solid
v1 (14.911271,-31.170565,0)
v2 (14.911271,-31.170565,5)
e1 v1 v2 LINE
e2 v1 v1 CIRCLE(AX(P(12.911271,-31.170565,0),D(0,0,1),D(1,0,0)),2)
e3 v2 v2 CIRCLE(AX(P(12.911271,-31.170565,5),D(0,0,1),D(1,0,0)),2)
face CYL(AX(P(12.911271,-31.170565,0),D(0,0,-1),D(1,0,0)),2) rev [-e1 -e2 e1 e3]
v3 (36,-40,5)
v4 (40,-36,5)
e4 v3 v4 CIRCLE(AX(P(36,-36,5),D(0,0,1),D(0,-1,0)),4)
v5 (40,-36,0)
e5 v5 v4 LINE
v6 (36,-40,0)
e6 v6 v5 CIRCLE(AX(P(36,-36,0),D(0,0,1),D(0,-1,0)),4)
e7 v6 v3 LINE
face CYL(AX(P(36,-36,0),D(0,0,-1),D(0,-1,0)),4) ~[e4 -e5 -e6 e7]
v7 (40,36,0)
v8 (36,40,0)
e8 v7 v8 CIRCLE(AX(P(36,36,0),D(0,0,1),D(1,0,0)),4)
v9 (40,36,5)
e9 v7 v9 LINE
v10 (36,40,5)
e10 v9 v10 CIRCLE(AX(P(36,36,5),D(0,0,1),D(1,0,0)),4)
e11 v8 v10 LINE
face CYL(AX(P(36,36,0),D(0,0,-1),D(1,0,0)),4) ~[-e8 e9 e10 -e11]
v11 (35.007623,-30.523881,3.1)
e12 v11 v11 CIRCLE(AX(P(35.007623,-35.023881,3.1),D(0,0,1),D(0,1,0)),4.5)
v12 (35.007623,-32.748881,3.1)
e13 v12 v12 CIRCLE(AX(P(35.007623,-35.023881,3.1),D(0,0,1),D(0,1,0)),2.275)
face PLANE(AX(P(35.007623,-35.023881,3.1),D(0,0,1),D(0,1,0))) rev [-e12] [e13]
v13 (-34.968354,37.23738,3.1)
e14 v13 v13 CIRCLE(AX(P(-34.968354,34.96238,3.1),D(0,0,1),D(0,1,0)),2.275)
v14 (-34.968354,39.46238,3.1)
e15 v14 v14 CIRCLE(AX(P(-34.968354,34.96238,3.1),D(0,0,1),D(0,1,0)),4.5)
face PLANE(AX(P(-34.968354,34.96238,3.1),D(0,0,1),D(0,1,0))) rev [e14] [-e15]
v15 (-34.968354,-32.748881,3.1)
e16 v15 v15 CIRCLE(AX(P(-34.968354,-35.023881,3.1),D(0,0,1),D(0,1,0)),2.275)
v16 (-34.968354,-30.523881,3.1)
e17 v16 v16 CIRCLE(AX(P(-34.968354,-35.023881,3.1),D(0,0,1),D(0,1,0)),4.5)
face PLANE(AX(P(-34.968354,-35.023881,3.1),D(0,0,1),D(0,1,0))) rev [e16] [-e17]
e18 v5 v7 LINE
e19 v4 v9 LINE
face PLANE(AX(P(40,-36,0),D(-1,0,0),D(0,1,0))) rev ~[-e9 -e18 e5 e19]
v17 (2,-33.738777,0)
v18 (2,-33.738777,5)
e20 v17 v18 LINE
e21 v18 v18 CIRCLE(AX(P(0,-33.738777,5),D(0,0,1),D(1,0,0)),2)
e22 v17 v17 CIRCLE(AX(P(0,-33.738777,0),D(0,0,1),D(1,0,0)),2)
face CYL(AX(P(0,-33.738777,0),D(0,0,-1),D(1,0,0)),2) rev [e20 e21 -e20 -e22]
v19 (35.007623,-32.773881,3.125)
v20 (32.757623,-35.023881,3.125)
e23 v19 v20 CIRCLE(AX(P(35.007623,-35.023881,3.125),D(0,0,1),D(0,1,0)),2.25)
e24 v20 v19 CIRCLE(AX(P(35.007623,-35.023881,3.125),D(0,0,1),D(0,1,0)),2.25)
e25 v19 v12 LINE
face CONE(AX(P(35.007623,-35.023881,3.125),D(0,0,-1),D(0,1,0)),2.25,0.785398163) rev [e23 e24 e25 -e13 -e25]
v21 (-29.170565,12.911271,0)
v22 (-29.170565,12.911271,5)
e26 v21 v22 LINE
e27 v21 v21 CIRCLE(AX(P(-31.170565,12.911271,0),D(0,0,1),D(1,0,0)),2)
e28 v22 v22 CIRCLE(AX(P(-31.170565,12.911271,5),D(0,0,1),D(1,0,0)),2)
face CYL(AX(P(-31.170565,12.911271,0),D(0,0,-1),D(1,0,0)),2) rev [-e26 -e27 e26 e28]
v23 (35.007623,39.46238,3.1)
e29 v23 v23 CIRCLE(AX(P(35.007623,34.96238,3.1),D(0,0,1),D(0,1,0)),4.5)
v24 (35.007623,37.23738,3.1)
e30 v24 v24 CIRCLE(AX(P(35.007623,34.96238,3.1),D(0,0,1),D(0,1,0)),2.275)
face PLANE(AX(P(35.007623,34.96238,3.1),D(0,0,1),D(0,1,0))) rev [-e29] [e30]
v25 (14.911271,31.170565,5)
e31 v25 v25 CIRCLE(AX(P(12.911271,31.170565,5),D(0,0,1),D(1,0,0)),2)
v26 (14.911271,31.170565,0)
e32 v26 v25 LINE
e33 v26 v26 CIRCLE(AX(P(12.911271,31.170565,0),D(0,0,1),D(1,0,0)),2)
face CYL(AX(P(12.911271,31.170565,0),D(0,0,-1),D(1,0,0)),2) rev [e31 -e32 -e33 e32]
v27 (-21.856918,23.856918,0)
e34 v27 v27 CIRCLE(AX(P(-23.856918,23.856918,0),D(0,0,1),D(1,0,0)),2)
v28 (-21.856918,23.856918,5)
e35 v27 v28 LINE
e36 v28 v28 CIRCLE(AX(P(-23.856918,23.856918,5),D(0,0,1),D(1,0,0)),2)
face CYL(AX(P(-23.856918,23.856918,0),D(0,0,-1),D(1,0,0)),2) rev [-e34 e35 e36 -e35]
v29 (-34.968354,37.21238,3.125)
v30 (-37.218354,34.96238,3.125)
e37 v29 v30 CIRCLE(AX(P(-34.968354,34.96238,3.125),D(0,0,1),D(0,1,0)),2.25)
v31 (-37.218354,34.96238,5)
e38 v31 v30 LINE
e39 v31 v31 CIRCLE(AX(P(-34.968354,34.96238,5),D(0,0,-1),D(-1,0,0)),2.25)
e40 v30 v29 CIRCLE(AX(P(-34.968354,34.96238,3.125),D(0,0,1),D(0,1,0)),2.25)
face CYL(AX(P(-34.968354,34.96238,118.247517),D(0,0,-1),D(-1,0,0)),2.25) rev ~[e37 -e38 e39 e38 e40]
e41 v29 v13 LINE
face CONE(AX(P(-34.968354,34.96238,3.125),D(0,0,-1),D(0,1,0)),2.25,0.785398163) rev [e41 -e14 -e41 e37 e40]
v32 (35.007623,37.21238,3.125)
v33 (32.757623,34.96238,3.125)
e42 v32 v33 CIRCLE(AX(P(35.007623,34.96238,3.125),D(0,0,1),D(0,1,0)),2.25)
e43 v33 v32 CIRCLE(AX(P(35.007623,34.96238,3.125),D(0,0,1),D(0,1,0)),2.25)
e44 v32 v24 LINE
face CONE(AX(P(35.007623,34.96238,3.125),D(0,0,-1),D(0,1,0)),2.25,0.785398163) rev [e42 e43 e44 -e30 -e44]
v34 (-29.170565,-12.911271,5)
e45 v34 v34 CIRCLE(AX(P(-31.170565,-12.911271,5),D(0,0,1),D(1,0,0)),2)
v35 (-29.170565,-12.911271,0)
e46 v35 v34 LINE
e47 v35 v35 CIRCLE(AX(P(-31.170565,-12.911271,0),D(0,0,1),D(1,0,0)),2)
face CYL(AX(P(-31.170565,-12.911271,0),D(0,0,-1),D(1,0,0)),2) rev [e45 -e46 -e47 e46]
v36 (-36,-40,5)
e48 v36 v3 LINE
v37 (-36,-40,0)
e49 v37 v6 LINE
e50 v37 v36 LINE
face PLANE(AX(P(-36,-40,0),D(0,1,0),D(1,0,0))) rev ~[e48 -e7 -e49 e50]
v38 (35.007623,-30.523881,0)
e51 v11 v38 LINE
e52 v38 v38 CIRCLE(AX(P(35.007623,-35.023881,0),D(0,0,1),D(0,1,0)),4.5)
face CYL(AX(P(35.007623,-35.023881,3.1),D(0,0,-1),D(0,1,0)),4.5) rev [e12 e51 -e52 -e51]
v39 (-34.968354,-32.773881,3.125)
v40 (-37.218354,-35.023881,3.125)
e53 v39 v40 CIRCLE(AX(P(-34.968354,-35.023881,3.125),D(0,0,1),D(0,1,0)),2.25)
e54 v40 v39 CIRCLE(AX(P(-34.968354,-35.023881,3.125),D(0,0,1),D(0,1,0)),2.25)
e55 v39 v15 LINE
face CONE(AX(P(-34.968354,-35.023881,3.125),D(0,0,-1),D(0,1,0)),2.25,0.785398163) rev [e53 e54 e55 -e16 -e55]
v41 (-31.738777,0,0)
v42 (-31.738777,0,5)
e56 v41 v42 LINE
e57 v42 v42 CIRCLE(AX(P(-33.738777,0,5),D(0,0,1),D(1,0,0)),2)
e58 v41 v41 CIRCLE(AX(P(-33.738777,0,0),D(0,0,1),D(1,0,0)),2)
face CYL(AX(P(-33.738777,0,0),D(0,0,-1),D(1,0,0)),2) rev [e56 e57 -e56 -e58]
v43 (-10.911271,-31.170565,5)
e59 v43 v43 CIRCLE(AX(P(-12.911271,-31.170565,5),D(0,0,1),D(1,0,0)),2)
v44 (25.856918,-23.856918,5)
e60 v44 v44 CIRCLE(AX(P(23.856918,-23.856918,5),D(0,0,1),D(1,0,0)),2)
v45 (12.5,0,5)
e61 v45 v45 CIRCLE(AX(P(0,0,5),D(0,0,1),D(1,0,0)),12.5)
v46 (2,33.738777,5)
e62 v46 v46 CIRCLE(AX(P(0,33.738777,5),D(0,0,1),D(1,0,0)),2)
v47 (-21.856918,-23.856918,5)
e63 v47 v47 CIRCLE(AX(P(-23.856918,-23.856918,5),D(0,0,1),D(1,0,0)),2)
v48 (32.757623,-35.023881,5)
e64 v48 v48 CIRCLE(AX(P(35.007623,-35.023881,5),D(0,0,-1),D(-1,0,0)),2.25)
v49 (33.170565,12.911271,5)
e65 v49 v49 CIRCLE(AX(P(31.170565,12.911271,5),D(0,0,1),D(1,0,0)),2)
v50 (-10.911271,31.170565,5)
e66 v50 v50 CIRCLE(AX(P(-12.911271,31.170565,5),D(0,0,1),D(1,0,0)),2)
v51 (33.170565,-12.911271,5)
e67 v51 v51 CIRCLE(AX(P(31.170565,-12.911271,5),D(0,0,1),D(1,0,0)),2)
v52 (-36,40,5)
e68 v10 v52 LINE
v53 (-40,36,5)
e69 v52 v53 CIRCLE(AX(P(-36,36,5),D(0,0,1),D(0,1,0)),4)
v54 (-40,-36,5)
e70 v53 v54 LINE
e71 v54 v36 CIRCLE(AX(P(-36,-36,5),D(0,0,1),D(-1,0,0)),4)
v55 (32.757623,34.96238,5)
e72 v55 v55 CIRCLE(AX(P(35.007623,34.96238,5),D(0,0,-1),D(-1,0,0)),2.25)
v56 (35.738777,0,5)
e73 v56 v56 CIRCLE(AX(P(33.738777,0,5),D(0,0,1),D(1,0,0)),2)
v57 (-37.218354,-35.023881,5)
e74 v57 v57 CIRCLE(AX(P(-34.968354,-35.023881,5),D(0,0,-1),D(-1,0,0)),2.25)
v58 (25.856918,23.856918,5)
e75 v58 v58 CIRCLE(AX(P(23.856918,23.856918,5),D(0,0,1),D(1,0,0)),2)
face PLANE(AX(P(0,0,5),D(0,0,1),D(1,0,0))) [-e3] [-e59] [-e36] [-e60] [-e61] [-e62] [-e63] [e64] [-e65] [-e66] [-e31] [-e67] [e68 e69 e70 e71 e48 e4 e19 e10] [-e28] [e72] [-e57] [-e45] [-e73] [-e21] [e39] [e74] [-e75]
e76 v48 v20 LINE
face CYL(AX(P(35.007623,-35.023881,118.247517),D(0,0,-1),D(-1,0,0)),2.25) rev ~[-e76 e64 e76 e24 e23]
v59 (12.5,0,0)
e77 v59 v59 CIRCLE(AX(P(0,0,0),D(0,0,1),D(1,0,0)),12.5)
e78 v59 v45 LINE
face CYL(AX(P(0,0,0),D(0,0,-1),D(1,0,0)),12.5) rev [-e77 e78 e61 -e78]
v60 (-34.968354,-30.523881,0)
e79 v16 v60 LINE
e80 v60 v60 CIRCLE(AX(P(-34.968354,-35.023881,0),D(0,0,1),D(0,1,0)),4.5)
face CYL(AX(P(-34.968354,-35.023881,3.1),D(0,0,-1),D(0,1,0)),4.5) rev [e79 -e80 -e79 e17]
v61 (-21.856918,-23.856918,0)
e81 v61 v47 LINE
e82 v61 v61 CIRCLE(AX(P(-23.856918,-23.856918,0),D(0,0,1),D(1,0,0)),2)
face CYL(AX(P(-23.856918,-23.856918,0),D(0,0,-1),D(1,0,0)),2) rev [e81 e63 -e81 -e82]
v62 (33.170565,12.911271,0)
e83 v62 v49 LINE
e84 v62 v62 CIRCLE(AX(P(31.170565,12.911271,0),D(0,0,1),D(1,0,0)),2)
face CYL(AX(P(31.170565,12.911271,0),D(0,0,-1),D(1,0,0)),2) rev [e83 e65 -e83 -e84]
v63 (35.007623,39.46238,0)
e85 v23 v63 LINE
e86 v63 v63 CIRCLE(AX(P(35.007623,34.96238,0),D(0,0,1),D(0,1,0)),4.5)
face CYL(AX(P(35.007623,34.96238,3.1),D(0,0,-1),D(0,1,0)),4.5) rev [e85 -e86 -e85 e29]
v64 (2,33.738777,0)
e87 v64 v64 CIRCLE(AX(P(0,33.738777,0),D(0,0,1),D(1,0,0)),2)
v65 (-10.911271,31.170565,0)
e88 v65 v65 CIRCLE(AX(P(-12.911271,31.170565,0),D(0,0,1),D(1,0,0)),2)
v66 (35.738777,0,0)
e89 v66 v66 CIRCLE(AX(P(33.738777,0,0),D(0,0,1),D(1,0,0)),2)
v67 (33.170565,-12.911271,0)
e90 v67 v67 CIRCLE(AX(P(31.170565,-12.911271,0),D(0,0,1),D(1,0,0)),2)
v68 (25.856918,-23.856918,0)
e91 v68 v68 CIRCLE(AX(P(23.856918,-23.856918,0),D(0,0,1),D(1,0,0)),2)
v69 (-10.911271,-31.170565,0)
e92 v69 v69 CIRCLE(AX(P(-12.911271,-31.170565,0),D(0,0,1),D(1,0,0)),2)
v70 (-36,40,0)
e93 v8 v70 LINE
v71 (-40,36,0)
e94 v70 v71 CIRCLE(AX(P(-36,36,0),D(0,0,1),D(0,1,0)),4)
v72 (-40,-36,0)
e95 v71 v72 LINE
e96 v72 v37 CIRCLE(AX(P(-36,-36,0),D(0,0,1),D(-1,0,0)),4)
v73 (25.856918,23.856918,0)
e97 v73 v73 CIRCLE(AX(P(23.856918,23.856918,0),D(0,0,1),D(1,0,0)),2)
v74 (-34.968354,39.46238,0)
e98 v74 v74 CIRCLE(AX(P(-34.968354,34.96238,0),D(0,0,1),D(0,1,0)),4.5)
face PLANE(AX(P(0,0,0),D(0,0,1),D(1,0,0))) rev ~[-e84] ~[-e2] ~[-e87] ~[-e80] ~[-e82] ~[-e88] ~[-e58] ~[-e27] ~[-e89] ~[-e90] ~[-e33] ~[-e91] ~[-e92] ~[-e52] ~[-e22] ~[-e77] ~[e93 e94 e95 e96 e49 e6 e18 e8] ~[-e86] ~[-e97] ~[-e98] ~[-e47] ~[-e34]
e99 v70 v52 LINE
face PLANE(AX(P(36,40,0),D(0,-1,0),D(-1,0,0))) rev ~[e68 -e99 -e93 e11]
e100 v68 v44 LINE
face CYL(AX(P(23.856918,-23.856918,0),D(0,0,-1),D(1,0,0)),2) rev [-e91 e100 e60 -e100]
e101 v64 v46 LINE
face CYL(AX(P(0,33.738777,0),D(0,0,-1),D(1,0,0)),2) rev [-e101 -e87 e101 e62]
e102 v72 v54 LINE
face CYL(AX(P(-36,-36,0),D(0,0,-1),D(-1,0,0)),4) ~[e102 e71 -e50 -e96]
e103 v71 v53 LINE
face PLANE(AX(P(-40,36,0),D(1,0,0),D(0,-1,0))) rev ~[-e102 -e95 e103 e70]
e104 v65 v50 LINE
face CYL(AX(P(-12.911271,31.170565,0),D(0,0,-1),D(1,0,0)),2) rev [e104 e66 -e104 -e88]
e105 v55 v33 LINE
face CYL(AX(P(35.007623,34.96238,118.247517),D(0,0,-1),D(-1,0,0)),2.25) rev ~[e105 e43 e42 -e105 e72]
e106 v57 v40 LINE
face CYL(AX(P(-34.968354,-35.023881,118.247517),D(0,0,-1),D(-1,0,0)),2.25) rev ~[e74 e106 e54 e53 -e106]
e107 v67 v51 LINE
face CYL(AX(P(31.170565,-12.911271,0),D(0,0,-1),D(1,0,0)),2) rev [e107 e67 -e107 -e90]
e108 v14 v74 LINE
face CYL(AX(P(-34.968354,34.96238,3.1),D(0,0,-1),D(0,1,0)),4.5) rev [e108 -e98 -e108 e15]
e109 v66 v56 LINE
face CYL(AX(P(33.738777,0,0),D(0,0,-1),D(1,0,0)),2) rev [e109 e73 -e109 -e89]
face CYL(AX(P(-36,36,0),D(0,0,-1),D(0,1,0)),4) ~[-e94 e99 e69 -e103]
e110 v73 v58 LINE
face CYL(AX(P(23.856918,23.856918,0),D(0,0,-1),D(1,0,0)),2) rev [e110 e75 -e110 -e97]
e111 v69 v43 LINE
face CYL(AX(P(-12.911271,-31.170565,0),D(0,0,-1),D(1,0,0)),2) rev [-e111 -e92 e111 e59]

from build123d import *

# Parameters (mm, degrees)
ESQUISSE1_R                                = 12.5
ESQUISSE1_R_2                              = 2
BOSS_EXTRU_1_DEPTH                         = 5
D_GAGEMENT_M41_D                           = 4.5
CHAMBRAGE_POUR_VIS_T_TE_RONDE_BOMB_2_COUNT = 2
CHAMBRAGE_POUR_VIS_T_TE_RONDE_BOMB_2_PITCH = 69.975976343
CHAMBRAGE_POUR_VIS_T_TE_RONDE_BOMB_3_COUNT = 2
CHAMBRAGE_POUR_VIS_T_TE_RONDE_BOMB_3_PITCH = 98.968247754
CHAMBRAGE_POUR_VIS_T_TE_RONDE_BOMB_4_COUNT = 2
CHAMBRAGE_POUR_VIS_T_TE_RONDE_BOMB_4_PITCH = 69.986261497


with BuildPart() as part:
    # Esquisse1 → Boss.-Extru.1 (new body)
    with BuildSketch(Plane.XY):
        with BuildLine():
            Line((-36, -40), (36, -40))
            ThreePointArc((36, -40), (38.828427125, -38.828427125), (40, -36))
            Line((40, -36), (40, 36))
            ThreePointArc((40, 36), (38.828427125, 38.828427125), (36, 40))
            Line((36, 40), (-36, 40))
            ThreePointArc((-36, 40), (-38.828427125, 38.828427125), (-40, 36))
            Line((-40, 36), (-40, -36))
            ThreePointArc((-40, -36), (-38.828427125, -38.828427125), (-36, -40))
        make_face()
        Circle(ESQUISSE1_R, mode=Mode.SUBTRACT)
        with Locations((0, 33.738776676)):
            Circle(ESQUISSE1_R_2, mode=Mode.SUBTRACT)
        with Locations((12.911270862, 31.170565223)):
            Circle(ESQUISSE1_R_2, mode=Mode.SUBTRACT)
        with Locations((23.856917777, 23.856917777)):
            Circle(ESQUISSE1_R_2, mode=Mode.SUBTRACT)
        with Locations((31.170565223, 12.911270862)):
            Circle(ESQUISSE1_R_2, mode=Mode.SUBTRACT)
        with Locations((33.738776676, 0)):
            Circle(ESQUISSE1_R_2, mode=Mode.SUBTRACT)
        with Locations((31.170565223, -12.911270862)):
            Circle(ESQUISSE1_R_2, mode=Mode.SUBTRACT)
        with Locations((23.856917777, -23.856917777)):
            Circle(ESQUISSE1_R_2, mode=Mode.SUBTRACT)
        with Locations((12.911270862, -31.170565223)):
            Circle(ESQUISSE1_R_2, mode=Mode.SUBTRACT)
        with Locations((0, -33.738776676)):
            Circle(ESQUISSE1_R_2, mode=Mode.SUBTRACT)
        with Locations((-12.911270862, -31.170565223)):
            Circle(ESQUISSE1_R_2, mode=Mode.SUBTRACT)
        with Locations((-23.856917777, -23.856917777)):
            Circle(ESQUISSE1_R_2, mode=Mode.SUBTRACT)
        with Locations((-31.170565223, -12.911270862)):
            Circle(ESQUISSE1_R_2, mode=Mode.SUBTRACT)
        with Locations((-33.738776676, 0)):
            Circle(ESQUISSE1_R_2, mode=Mode.SUBTRACT)
        with Locations((-31.170565223, 12.911270862)):
            Circle(ESQUISSE1_R_2, mode=Mode.SUBTRACT)
        with Locations((-23.856917777, 23.856917777)):
            Circle(ESQUISSE1_R_2, mode=Mode.SUBTRACT)
        with Locations((-12.911270862, 31.170565223)):
            Circle(ESQUISSE1_R_2, mode=Mode.SUBTRACT)
    extrude(amount=BOSS_EXTRU_1_DEPTH)

    # Dégagement M41 (through all)
    with Locations(Plane.XY.offset(5)):
        with Locations((-34.968353645, 34.962380164), (-34.968353645, -35.023881333), (35.007622699, -35.023881333), (35.007622699, 34.962380164)):
            Hole(D_GAGEMENT_M41_D / 2)

    # Esquisse10 → Chambrage pour vis à tête ronde bombée M41 (revolve, cut)
    with BuildSketch(Plane(origin=(35.007622699, 34.962380164, 0), x_dir=(0, 1, 0), z_dir=(1, 0, 0))):
        Polygon((0, 0), (0, 5), (2.25, 5), (2.25, 3.125), (2.275, 3.1), (4.5, 3.1), (4.5, 0), align=None)
    chambrage_pour_vis_t_te_ronde_bomb_e_m = revolve(axis=Axis((35.007622699, 34.962380164, -6.35), (0, 0, 1)), mode=Mode.SUBTRACT)

    # Chambrage pour vis _ t_te ronde bomb 2: Chambrage pour vis à tête ronde bombée M41 ×2
    with Locations(*[(-i * CHAMBRAGE_POUR_VIS_T_TE_RONDE_BOMB_2_PITCH, 0, 0) for i in range(1, CHAMBRAGE_POUR_VIS_T_TE_RONDE_BOMB_2_COUNT)]):
        add(chambrage_pour_vis_t_te_ronde_bomb_e_m, mode=Mode.SUBTRACT)

    # Chambrage pour vis _ t_te ronde bomb 3: Chambrage pour vis à tête ronde bombée M41 ×2
    with Locations(*[Vector(-0.7070548173920428, -0.7071587411626226, 0) * (i * CHAMBRAGE_POUR_VIS_T_TE_RONDE_BOMB_3_PITCH) for i in range(1, CHAMBRAGE_POUR_VIS_T_TE_RONDE_BOMB_3_COUNT)]):
        add(chambrage_pour_vis_t_te_ronde_bomb_e_m, mode=Mode.SUBTRACT)

    # Chambrage pour vis _ t_te ronde bomb 4: Chambrage pour vis à tête ronde bombée M41 ×2
    with Locations(*[(0, -i * CHAMBRAGE_POUR_VIS_T_TE_RONDE_BOMB_4_PITCH, 0) for i in range(1, CHAMBRAGE_POUR_VIS_T_TE_RONDE_BOMB_4_COUNT)]):
        add(chambrage_pour_vis_t_te_ronde_bomb_e_m, mode=Mode.SUBTRACT)


solid = part.part
